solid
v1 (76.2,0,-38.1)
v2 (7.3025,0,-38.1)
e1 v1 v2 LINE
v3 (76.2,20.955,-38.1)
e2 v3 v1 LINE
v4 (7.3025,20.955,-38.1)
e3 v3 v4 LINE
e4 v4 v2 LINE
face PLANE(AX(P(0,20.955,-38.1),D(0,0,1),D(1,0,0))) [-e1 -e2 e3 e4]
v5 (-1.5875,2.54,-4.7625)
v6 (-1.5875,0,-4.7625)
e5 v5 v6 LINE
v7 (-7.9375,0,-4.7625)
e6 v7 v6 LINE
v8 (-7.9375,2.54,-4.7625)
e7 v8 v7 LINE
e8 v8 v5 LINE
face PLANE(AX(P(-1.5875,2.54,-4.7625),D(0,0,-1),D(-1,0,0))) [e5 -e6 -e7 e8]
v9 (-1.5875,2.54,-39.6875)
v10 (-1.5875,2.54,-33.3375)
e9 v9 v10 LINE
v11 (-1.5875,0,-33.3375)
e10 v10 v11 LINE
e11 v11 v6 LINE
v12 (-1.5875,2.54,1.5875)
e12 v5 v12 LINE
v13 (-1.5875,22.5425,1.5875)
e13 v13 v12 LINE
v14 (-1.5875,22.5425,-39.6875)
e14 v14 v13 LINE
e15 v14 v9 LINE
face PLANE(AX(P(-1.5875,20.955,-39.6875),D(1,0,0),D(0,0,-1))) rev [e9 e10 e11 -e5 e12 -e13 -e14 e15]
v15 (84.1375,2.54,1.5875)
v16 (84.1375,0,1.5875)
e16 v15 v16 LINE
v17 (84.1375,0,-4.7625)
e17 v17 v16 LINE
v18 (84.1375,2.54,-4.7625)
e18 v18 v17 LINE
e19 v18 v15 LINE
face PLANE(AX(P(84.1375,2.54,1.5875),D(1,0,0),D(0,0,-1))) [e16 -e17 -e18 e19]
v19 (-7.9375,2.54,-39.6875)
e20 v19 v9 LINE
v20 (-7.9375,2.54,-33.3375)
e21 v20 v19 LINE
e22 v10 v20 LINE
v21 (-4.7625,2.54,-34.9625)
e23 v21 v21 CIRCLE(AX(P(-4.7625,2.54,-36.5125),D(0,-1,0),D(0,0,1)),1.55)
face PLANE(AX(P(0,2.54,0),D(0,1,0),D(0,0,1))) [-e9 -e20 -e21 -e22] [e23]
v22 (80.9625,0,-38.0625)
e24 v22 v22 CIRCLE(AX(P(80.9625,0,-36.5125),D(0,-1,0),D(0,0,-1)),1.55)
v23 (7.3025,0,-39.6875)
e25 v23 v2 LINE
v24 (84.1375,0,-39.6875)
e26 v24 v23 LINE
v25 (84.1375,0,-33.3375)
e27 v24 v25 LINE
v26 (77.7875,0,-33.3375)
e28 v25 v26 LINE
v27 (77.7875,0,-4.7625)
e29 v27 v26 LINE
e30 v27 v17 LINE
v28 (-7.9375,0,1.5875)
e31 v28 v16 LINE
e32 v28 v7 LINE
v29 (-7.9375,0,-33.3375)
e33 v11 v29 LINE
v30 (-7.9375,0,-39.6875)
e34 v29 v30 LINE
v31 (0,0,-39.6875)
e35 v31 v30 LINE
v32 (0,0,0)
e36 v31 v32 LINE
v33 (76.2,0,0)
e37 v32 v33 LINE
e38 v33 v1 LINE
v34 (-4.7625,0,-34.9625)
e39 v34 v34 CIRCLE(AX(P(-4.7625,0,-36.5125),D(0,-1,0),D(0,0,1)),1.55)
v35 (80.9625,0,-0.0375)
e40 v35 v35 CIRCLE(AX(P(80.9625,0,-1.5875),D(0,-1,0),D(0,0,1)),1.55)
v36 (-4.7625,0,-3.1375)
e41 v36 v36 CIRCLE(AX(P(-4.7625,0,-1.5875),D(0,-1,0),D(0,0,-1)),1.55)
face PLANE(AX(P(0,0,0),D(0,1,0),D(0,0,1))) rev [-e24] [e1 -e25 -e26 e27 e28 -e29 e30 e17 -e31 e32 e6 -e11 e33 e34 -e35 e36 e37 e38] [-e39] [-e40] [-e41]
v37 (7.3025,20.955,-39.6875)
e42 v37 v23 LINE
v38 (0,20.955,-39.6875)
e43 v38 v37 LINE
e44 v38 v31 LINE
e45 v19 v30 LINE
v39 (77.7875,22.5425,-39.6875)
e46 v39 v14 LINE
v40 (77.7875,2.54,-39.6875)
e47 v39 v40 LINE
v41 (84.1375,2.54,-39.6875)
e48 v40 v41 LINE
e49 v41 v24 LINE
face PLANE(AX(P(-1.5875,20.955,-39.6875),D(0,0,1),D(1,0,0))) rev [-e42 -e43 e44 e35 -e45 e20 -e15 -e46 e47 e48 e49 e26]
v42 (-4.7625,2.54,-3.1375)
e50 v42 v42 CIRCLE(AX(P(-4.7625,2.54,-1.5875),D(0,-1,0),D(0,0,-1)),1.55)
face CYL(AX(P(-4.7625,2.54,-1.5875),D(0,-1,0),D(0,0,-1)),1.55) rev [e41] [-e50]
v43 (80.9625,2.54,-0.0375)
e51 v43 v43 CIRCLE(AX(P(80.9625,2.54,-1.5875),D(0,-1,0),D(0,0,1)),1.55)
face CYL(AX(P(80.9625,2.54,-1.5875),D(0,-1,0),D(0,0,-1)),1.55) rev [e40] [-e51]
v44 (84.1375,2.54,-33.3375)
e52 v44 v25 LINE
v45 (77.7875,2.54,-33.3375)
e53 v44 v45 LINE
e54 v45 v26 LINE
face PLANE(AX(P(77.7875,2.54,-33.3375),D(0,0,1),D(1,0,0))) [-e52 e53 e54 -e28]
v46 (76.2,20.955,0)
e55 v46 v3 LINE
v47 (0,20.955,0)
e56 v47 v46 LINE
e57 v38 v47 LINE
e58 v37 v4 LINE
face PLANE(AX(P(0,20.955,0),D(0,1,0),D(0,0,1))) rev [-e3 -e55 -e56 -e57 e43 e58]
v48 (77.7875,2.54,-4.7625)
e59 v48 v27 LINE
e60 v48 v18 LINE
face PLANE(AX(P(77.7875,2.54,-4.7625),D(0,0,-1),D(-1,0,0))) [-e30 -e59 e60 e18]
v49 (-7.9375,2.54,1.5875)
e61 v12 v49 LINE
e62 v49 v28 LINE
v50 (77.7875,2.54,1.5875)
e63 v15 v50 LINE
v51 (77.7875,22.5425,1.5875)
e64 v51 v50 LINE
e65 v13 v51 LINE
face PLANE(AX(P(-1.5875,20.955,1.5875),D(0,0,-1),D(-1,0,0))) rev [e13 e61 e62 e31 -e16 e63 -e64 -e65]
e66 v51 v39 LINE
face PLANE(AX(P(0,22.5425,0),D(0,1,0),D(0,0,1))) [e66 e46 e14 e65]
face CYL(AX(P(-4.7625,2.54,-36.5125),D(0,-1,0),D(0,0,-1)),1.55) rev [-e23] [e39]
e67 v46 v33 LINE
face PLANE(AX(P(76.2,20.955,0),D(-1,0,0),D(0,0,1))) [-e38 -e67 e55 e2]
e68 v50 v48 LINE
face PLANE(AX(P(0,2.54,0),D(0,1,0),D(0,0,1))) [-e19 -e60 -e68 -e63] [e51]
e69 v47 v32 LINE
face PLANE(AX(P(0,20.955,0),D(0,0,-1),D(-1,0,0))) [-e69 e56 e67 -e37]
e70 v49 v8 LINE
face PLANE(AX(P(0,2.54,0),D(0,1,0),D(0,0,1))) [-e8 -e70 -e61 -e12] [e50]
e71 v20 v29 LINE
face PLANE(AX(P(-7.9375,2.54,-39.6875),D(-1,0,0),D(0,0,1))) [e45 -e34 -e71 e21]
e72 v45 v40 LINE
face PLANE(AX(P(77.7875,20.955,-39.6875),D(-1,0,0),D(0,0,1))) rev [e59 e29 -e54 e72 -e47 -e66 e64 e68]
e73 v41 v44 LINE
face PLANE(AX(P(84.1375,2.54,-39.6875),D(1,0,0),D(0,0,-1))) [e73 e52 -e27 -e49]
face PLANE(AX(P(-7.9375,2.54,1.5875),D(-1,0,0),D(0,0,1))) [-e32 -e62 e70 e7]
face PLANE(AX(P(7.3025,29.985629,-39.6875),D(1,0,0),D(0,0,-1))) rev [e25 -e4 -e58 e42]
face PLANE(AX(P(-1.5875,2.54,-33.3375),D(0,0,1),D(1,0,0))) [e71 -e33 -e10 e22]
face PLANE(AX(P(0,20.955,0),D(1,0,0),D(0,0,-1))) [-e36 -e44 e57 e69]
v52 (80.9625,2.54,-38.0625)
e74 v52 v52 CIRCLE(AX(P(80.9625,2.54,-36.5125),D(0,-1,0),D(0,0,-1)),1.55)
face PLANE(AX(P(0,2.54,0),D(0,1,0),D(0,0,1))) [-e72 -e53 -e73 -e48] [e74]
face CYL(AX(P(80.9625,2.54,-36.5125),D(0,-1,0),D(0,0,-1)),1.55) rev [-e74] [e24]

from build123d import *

# Parameters (mm, degrees)
SKETCH1_W           = 79.375
SKETCH1_H           = 41.275
SKETCH1_W_2         = 76.2
SKETCH1_H_2         = 38.1
BOSS_EXTRUDE1_DEPTH = 20.955
SKETCH2_W           = 79.375
SKETCH2_H           = 41.275
BOSS_EXTRUDE2_DEPTH = 1.5875
SKETCH3_W           = 6.35
SKETCH3_H           = 6.35
SKETCH3_R           = 1.55
BOSS_EXTRUDE3_DEPTH = 2.54
SKETCH4_W           = 8.89
SKETCH4_H           = 1.5875
CUT_EXTRUDE1_DEPTH  = 20.955
BOSS_EXTRUDE4_REACH = 97.72
SKETCH5_W           = 1.5875
SKETCH5_H           = 1.5875


with BuildPart() as part:
    # Sketch1 → Boss-Extrude1 (new body)
    with BuildSketch(Plane(origin=(0, 0, 0), x_dir=(1, 0, 0), z_dir=(0, 1, 0))):
        with Locations((38.1, 19.05)):
            Rectangle(SKETCH1_W, SKETCH1_H)
        with Locations((38.1, 19.05)):
            Rectangle(SKETCH1_W_2, SKETCH1_H_2, mode=Mode.SUBTRACT)
    extrude(amount=BOSS_EXTRUDE1_DEPTH)

    # Sketch2 → Boss-Extrude2 (add)
    with BuildSketch(Plane(origin=(0, 20.955, 0), x_dir=(1, 0, 0), z_dir=(0, 1, 0))):
        with Locations((38.1, 19.05)):
            Rectangle(SKETCH2_W, SKETCH2_H)
    extrude(amount=BOSS_EXTRUDE2_DEPTH)

    # Sketch3 → Boss-Extrude3 (add)
    # profile 1 of 4: a face of its own
    with BuildSketch(Plane.XZ):
        with Locations((80.9625, -36.5125)):
            Rectangle(SKETCH3_W, SKETCH3_H)
        with Locations(Location((80.9625, -36.5125, 0), (0, 0, 270))):
            Circle(SKETCH3_R, mode=Mode.SUBTRACT)
    # profile 2 of 4: a face of its own
    with BuildSketch(Plane.XZ):
        with Locations((80.9625, -1.5875)):
            Rectangle(SKETCH3_W, SKETCH3_H)
        with Locations(Location((80.9625, -1.5875, 0), (0, 0, 90))):
            Circle(SKETCH3_R, mode=Mode.SUBTRACT)
    # profile 3 of 4: a face of its own
    with BuildSketch(Plane.XZ):
        with Locations((-4.7625, -1.5875)):
            Rectangle(SKETCH3_W, SKETCH3_H)
        with Locations(Location((-4.7625, -1.5875, 0), (0, 0, 270))):
            Circle(SKETCH3_R, mode=Mode.SUBTRACT)
    # profile 4 of 4: a face of its own
    with BuildSketch(Plane.XZ):
        with Locations((-4.7625, -36.5125)):
            Rectangle(SKETCH3_W, SKETCH3_H)
        with Locations(Location((-4.7625, -36.5125, 0), (0, 0, 90))):
            Circle(SKETCH3_R, mode=Mode.SUBTRACT)
    extrude(amount=-BOSS_EXTRUDE3_DEPTH)

    # Sketch4 → Cut-Extrude1 (cut)
    with BuildSketch(Plane.XZ):
        with Locations((2.8575, -38.89375)):
            Rectangle(SKETCH4_W, SKETCH4_H)
    extrude(amount=-CUT_EXTRUDE1_DEPTH, mode=Mode.SUBTRACT)

    # Sketch5 → Boss-Extrude4 (add, up to next)
    with BuildSketch(Plane.XZ, mode=Mode.PRIVATE) as boss_extrude4_sk1:
        with Locations((-0.79375, -38.89375)):
            Rectangle(SKETCH5_W, SKETCH5_H)
    boss_extrude4_tool1 = extrude(boss_extrude4_sk1.sketch, amount=-BOSS_EXTRUDE4_REACH, mode=Mode.PRIVATE) - part.part
    add(boss_extrude4_tool1.solids().sort_by_distance((-0.79375, 0, -38.89375))[0])


solid = part.part
